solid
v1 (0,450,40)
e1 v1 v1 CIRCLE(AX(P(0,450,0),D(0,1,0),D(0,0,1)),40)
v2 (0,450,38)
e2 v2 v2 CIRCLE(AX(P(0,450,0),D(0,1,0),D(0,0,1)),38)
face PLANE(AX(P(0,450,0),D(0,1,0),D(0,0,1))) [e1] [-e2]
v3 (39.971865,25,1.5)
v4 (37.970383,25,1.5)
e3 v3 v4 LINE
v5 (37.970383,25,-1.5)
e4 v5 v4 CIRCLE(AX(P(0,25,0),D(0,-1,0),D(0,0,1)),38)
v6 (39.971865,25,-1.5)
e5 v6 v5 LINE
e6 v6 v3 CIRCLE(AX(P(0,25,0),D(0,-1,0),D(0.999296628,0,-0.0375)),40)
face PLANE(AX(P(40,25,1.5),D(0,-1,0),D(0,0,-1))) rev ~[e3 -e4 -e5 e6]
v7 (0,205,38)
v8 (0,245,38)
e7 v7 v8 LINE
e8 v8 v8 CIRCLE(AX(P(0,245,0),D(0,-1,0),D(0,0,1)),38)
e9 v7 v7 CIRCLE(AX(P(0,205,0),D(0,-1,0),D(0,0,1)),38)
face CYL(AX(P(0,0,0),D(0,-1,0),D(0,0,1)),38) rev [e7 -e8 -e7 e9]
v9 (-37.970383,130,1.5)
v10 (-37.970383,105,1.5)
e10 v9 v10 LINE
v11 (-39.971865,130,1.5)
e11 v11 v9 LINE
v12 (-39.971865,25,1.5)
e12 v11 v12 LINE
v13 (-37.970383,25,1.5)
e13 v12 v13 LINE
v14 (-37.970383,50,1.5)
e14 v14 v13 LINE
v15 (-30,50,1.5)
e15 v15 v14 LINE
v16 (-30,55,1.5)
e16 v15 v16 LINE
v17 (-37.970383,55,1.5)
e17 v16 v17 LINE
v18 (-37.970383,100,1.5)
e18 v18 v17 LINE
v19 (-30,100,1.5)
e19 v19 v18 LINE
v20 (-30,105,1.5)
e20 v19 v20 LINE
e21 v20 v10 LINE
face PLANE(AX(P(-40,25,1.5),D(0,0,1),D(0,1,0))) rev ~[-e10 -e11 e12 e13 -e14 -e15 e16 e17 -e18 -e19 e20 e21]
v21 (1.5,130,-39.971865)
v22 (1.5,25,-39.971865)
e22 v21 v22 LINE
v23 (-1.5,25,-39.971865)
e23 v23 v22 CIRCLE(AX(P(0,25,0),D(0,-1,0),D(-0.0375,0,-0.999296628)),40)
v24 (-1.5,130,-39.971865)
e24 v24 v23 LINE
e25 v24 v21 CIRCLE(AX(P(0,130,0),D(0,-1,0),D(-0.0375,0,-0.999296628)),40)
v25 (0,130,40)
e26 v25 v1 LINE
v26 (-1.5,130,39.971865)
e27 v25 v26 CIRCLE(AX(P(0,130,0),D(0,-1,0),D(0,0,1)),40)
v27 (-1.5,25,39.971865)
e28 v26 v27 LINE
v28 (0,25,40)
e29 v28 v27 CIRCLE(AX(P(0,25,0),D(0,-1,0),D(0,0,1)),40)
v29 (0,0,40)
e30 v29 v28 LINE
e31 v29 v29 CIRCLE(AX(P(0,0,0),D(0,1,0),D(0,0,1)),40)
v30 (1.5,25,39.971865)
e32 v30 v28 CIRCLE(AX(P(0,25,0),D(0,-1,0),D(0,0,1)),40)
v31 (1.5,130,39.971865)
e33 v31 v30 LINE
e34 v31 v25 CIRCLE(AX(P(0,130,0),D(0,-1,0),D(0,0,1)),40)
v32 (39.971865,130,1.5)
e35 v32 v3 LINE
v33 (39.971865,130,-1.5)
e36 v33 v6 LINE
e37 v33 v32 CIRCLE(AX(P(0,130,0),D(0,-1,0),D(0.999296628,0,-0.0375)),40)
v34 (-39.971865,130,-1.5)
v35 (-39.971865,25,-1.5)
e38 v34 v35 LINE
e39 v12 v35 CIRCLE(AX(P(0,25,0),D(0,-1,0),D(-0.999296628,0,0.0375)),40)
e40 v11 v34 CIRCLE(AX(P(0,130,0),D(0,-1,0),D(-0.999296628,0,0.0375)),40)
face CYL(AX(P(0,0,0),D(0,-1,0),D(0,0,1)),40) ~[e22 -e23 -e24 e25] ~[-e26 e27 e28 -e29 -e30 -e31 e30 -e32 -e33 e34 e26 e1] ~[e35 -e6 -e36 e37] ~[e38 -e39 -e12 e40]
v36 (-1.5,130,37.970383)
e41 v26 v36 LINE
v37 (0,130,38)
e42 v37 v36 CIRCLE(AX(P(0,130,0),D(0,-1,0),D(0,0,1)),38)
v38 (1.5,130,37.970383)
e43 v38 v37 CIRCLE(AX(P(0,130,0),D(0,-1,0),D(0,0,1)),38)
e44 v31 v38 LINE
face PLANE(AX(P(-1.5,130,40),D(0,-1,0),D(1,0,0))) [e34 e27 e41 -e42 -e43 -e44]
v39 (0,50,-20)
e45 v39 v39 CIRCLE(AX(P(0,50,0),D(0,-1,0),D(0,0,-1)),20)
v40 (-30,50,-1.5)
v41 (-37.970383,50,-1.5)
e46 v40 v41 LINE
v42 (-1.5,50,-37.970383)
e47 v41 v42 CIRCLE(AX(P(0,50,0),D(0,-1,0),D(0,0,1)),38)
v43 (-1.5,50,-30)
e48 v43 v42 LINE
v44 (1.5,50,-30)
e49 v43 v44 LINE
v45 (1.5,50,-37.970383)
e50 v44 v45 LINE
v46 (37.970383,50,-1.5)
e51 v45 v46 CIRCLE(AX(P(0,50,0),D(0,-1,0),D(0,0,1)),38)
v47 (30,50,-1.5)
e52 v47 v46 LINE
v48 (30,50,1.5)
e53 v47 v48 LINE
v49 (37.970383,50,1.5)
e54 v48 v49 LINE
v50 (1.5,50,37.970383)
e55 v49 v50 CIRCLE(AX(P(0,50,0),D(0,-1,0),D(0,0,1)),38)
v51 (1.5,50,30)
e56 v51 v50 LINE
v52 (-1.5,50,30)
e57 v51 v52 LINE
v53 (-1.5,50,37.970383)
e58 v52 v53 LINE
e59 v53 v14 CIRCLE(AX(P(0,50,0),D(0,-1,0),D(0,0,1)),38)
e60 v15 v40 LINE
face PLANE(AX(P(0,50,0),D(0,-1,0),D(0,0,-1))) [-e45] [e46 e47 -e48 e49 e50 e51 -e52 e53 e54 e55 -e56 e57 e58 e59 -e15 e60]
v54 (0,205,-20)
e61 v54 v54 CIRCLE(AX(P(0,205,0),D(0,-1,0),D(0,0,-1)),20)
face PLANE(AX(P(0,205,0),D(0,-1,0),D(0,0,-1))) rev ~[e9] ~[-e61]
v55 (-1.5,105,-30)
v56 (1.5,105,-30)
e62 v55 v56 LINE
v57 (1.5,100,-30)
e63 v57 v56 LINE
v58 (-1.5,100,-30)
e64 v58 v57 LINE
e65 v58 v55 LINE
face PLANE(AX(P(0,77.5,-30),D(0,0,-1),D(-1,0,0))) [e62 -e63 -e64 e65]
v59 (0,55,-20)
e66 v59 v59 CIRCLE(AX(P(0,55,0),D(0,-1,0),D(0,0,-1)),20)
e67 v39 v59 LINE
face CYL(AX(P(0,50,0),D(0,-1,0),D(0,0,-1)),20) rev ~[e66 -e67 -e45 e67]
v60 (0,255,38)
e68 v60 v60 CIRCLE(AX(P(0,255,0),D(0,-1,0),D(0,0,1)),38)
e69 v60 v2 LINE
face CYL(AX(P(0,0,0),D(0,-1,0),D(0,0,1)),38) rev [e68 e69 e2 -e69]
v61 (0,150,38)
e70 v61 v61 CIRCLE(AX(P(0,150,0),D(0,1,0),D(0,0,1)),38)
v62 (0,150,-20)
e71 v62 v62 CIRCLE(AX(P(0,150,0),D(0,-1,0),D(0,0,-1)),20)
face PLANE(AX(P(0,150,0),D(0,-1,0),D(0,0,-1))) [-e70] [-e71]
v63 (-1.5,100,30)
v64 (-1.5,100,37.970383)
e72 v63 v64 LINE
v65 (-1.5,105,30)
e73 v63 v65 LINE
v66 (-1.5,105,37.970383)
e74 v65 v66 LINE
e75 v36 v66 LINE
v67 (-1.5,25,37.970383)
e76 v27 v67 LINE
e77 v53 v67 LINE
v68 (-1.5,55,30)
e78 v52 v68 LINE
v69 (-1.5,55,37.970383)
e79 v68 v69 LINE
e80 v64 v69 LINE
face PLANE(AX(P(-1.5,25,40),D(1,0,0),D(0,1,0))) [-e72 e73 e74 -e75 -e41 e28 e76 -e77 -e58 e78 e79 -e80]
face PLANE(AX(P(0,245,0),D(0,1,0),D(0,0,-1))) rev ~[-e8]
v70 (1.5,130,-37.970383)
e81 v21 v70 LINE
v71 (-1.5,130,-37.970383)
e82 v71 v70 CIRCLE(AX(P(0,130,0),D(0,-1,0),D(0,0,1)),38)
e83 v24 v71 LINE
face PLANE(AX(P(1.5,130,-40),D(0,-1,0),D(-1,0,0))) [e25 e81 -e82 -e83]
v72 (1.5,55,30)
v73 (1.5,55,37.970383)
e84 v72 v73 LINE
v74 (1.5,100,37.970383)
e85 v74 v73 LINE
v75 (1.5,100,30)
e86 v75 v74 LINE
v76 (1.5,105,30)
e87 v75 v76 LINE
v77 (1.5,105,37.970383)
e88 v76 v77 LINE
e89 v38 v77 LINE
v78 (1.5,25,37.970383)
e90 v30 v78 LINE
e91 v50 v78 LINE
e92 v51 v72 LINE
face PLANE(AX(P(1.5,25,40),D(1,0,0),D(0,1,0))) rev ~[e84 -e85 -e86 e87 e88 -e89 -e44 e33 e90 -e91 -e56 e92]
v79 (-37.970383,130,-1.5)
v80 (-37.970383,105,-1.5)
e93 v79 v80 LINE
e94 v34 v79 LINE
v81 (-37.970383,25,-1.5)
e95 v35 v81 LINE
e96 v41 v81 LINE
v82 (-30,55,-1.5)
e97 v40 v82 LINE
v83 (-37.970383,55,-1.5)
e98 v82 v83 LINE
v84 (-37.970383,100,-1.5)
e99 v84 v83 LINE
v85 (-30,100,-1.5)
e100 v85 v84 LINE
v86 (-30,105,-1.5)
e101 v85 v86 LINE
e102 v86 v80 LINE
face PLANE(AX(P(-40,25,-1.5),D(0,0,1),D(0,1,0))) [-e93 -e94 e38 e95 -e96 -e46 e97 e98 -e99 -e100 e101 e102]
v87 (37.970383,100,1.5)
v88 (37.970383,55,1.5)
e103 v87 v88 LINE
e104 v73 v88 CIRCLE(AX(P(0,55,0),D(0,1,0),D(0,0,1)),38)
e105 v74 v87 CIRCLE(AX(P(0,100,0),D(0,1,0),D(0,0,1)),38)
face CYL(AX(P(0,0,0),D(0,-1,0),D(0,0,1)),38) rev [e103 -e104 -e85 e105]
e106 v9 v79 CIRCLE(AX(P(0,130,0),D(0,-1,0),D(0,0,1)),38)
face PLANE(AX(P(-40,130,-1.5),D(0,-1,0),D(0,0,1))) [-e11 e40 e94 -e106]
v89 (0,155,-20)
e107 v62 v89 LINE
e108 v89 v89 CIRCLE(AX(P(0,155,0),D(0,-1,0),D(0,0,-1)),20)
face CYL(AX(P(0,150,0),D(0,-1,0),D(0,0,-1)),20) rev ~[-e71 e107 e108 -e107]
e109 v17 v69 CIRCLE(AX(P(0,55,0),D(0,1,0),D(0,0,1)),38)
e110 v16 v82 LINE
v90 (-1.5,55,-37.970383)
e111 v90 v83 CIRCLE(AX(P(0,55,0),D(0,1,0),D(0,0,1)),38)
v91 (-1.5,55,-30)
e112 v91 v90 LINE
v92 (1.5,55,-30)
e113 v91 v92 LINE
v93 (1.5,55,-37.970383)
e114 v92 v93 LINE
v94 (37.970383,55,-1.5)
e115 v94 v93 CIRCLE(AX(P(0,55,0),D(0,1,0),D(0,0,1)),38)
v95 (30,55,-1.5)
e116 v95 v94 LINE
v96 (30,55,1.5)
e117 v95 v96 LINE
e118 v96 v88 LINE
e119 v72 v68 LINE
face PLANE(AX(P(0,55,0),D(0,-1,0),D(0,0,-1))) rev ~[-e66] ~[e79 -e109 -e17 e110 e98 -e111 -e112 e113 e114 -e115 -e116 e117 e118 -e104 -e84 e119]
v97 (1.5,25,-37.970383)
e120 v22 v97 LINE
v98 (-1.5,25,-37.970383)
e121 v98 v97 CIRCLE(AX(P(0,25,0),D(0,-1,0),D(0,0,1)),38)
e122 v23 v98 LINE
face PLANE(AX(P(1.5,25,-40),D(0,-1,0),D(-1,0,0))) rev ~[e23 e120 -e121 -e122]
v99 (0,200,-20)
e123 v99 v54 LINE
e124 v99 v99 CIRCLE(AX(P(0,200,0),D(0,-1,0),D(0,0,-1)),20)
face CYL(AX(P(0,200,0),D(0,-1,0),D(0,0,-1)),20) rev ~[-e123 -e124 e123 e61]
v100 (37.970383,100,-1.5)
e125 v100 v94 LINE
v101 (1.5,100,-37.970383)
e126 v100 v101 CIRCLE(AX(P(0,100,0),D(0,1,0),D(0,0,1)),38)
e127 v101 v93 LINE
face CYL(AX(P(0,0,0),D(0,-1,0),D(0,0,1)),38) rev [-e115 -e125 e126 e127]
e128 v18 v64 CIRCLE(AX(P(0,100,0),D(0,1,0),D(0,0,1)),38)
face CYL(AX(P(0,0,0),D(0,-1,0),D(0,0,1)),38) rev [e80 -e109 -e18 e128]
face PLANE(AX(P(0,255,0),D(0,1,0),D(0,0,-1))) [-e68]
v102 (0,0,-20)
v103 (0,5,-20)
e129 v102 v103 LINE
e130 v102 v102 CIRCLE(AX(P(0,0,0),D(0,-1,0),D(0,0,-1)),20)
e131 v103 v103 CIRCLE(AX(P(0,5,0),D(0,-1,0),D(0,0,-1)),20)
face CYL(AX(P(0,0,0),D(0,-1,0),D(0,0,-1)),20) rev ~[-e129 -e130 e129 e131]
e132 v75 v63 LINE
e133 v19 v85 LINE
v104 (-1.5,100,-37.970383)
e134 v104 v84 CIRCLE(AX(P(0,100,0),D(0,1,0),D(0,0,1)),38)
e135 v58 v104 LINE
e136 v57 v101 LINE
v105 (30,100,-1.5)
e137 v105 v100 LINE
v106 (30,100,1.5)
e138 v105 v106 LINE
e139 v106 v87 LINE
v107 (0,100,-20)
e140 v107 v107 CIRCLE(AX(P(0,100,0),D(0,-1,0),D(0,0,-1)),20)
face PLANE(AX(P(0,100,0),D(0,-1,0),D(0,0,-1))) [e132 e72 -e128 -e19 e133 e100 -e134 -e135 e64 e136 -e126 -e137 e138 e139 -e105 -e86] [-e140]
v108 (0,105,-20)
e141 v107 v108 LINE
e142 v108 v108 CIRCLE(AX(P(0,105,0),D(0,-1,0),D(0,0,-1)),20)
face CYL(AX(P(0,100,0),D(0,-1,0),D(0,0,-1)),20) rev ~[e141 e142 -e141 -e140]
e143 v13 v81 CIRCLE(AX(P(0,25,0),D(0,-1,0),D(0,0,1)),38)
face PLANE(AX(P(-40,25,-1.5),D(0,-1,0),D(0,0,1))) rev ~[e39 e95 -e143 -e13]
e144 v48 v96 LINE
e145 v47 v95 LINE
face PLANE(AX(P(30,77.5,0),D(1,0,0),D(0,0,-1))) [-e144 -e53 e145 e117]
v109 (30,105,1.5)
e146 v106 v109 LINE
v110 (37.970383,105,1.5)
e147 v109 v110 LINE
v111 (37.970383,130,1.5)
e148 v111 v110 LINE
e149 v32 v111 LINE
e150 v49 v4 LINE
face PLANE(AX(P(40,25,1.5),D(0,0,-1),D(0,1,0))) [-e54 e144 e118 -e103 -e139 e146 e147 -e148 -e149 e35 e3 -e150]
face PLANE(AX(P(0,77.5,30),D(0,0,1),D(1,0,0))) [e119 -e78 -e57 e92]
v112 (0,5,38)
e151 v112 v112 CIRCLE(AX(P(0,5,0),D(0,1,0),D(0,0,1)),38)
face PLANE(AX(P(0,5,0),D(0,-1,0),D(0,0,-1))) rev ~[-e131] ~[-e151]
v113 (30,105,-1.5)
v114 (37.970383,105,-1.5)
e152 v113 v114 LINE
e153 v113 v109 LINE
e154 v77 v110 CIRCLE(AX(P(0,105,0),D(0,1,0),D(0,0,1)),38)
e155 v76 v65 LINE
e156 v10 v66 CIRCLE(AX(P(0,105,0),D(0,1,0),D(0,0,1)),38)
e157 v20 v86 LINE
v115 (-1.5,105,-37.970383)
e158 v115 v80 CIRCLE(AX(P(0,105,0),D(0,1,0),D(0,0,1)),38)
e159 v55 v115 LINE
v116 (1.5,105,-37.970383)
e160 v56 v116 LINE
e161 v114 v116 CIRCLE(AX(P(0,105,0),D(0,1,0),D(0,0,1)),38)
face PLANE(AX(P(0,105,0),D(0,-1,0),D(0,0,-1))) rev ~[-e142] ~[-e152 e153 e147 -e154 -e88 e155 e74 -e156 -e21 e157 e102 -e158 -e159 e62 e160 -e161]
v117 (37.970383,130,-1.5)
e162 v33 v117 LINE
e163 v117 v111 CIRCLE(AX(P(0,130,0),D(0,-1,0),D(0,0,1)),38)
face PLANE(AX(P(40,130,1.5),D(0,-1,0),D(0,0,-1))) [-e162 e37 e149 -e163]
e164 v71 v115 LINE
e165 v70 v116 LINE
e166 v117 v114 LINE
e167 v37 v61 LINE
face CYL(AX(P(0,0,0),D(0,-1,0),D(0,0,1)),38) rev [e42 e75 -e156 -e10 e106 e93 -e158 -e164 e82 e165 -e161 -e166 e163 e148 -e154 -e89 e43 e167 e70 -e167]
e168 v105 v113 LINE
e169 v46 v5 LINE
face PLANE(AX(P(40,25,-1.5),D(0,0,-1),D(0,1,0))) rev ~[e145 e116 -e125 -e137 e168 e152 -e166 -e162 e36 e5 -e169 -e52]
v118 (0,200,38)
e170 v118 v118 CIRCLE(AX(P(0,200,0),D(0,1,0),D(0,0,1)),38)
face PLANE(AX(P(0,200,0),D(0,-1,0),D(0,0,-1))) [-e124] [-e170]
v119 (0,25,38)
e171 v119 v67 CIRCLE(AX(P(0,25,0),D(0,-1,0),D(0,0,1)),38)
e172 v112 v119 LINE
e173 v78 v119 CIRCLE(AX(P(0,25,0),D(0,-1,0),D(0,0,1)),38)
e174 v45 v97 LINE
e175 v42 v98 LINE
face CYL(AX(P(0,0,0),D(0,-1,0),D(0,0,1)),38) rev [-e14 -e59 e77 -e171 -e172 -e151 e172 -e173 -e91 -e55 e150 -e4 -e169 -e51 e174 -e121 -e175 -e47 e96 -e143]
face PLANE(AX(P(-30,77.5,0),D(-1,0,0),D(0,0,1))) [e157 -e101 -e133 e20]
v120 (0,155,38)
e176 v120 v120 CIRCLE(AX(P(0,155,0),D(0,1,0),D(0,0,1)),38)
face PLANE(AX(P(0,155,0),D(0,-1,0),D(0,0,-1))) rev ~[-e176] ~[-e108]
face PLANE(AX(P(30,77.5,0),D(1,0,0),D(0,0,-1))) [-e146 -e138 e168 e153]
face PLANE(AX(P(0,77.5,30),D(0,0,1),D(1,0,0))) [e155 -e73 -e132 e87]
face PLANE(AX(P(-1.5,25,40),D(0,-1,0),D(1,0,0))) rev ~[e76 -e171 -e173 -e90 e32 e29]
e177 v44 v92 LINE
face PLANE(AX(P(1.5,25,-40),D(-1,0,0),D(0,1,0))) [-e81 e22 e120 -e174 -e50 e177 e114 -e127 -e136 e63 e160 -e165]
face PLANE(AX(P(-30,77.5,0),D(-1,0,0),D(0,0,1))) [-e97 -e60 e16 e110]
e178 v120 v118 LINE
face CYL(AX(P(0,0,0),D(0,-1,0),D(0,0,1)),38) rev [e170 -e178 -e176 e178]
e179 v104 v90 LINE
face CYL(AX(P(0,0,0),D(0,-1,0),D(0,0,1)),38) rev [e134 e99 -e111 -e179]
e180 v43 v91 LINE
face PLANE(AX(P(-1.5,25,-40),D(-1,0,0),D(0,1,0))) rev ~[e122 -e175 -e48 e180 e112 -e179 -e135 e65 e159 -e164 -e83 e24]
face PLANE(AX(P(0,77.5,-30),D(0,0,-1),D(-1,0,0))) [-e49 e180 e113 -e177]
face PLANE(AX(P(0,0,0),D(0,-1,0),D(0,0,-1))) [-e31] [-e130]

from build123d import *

# Parameters (mm, degrees)
SKETCH1_R           = 40
SKETCH1_R_2         = 38
BOSS_EXTRUDE1_DEPTH = 450
SKETCH3_R           = 38
SKETCH3_R_2         = 20
BOSS_EXTRUDE2_DEPTH = 5
LPATTERN1_COUNT     = 5
LPATTERN1_PITCH     = 50
BOSS_EXTRUDE3_START = -10
SKETCH6_R           = 38
BOSS_EXTRUDE3_DEPTH = 10
SKETCH2_W           = 3
SKETCH2_H           = 105
CUT_EXTRUDE6_DEPTH  = 10
CIRPATTERN6_COUNT   = 4


with BuildPart() as part:
    # Sketch1 → Boss-Extrude1 (new body)
    with BuildSketch(Plane(origin=(0, 0, 0), x_dir=(1, 0, 0), z_dir=(0, 1, 0))):
        with Locations(Location((0, 0, 0), (0, 0, 270))):
            Circle(SKETCH1_R)
        with Locations(Location((0, 0, 0), (0, 0, 270))):
            Circle(SKETCH1_R_2, mode=Mode.SUBTRACT)
    extrude(amount=BOSS_EXTRUDE1_DEPTH)

    # Sketch3 → Boss-Extrude2 (add)
    with BuildSketch(Plane.XZ):
        with Locations(Location((0, 0, 0), (0, 0, 270))):
            Circle(SKETCH3_R)
        with Locations(Location((0, 0, 0), (0, 0, 270))):
            Circle(SKETCH3_R_2, mode=Mode.SUBTRACT)
    boss_extrude2 = extrude(amount=-BOSS_EXTRUDE2_DEPTH)

    # LPattern1: Boss-Extrude2 ×5
    with Locations(*[(0, i * LPATTERN1_PITCH, 0) for i in range(1, LPATTERN1_COUNT)]):
        add(boss_extrude2)

    # Sketch6 → Boss-Extrude3 (add)
    with BuildSketch(Plane(origin=(0, 255, 0), x_dir=(1, 0, 0), z_dir=(0, 1, 0)).offset(BOSS_EXTRUDE3_START)):
        with Locations(Location((0, 0, 0), (0, 0, 90))):
            Circle(SKETCH6_R)
    extrude(amount=BOSS_EXTRUDE3_DEPTH)

    # Sketch2 → Cut-Extrude6 (cut)
    with BuildSketch(Plane.ZY.offset(40)):
        with Locations((0, 77.5)):
            Rectangle(SKETCH2_W, SKETCH2_H)
    cut_extrude6 = extrude(amount=-CUT_EXTRUDE6_DEPTH, mode=Mode.SUBTRACT)

    # CirPattern6: Cut-Extrude6 ×4 about axis
    cirpattern6_axis = Axis((0, 0, 0), (0, 1, 0))
    for i in range(1, CIRPATTERN6_COUNT):
        add(cut_extrude6.rotate(cirpattern6_axis, i * 360 / CIRPATTERN6_COUNT), mode=Mode.SUBTRACT)


solid = part.part
